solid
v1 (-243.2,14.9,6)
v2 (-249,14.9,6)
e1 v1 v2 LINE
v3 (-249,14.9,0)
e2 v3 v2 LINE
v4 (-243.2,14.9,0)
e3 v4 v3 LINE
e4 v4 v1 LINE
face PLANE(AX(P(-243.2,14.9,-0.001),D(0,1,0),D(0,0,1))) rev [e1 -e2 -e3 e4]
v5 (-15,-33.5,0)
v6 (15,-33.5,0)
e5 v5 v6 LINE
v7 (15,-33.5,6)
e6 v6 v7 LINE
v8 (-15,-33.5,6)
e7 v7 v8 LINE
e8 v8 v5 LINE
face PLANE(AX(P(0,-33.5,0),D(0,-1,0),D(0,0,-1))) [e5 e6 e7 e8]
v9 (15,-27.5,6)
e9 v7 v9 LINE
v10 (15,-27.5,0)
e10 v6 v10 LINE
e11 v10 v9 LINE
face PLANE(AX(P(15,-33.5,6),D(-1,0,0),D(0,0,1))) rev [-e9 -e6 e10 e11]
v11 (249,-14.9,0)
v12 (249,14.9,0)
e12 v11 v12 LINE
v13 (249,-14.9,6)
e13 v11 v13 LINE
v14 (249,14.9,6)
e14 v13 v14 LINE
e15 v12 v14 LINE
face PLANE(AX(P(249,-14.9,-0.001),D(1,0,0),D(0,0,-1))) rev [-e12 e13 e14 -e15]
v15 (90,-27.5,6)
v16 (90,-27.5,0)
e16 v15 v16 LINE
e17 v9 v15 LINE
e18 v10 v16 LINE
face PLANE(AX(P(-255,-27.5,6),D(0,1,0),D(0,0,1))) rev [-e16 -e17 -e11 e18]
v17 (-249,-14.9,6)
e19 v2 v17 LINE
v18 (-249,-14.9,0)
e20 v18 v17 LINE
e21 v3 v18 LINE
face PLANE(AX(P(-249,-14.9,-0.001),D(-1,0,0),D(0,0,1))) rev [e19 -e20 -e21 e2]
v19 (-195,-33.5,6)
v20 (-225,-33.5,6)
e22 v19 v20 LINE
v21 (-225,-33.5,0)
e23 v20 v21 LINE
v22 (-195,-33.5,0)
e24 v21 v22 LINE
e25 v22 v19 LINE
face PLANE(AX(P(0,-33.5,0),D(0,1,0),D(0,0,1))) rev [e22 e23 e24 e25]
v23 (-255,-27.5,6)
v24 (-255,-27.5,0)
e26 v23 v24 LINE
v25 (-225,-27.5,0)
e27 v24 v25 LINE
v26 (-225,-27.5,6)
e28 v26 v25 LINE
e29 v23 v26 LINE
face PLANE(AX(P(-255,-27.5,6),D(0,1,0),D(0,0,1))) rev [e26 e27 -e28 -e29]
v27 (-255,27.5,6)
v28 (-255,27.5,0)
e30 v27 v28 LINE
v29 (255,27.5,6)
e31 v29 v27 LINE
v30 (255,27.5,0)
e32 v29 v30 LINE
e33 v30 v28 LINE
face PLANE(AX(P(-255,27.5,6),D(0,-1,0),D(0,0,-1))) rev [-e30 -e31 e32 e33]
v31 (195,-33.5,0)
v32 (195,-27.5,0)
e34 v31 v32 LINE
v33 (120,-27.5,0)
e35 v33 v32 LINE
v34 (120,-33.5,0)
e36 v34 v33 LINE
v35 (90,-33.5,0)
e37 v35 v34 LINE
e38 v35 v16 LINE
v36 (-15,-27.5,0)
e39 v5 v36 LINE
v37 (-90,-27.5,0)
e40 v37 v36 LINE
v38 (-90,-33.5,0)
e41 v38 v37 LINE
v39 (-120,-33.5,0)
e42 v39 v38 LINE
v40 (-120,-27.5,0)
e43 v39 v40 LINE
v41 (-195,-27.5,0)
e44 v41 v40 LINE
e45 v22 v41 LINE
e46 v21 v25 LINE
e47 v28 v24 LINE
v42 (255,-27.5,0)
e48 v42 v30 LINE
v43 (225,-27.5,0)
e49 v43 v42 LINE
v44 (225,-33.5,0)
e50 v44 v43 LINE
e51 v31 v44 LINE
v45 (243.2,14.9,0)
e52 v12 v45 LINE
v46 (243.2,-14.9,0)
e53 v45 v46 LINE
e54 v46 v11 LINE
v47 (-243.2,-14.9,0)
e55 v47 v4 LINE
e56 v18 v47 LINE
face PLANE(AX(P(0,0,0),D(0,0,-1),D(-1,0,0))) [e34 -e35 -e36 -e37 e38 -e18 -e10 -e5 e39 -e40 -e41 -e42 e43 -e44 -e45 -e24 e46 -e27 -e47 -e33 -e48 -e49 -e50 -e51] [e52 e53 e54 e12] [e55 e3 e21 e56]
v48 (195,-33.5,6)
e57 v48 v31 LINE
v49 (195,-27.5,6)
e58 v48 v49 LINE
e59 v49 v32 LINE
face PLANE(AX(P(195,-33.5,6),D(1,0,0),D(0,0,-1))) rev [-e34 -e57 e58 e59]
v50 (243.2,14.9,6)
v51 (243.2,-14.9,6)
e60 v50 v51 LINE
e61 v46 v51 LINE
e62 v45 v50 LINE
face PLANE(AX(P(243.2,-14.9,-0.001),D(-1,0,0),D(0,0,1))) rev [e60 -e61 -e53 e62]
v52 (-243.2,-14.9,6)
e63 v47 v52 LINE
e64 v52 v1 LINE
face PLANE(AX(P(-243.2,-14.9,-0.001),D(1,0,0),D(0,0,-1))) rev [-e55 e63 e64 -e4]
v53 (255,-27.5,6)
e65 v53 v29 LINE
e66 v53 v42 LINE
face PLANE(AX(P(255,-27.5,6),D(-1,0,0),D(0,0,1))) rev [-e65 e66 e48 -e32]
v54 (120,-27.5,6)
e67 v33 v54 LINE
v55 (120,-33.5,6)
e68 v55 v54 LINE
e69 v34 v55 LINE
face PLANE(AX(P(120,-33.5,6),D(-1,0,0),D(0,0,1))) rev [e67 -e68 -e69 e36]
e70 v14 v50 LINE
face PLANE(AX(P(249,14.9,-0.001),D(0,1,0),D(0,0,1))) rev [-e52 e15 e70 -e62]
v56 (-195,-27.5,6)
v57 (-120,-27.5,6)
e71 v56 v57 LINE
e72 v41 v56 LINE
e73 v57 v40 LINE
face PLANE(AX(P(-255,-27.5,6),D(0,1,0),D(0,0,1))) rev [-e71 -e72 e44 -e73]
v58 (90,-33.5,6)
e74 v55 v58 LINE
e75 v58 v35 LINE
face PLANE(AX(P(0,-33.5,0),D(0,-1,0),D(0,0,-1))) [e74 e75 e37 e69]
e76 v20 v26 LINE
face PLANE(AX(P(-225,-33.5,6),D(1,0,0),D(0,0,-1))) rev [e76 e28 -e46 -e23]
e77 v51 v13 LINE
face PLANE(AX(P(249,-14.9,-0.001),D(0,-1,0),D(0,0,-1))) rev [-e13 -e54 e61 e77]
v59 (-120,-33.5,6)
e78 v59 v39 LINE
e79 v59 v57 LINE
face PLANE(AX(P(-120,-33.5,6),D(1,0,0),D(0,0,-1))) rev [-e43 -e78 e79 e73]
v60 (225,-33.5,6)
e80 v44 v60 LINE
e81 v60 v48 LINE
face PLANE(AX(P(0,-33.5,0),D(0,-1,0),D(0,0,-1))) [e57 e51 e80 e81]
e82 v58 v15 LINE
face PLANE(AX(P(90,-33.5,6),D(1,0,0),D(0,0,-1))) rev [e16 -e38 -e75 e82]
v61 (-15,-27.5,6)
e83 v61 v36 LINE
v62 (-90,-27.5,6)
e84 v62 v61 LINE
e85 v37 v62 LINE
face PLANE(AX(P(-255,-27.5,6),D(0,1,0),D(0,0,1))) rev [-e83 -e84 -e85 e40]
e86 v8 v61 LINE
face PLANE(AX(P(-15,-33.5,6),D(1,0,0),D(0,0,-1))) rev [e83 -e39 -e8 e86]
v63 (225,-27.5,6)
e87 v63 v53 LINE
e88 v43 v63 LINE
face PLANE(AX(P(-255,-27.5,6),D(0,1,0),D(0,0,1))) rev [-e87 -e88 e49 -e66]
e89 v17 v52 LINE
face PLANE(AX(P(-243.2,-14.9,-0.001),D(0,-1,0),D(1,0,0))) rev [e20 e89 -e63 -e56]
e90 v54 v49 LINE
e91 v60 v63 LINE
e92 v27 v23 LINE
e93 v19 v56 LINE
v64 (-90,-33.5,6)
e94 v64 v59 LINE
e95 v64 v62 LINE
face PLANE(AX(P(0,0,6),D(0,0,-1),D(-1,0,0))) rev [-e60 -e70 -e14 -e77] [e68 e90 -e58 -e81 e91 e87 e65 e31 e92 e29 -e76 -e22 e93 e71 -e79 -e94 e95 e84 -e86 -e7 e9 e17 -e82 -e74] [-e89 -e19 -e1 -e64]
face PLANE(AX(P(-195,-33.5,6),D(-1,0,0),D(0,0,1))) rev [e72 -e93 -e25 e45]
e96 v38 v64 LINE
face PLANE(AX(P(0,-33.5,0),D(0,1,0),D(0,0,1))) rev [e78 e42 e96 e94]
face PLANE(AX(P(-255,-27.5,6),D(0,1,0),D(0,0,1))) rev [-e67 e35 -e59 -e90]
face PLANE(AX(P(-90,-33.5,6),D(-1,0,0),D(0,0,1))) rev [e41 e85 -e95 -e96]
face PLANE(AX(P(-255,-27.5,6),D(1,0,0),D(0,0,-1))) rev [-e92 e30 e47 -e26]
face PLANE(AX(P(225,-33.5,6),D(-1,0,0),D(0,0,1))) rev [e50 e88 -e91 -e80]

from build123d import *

# Parameters (mm, degrees)
CROQUIS1_W              = 510
CROQUIS1_H              = 55
SALIENTE_EXTRUIR1_DEPTH = 6
CORTAR_EXTRUIR1_REACH   = 8
CROQUIS2_W              = 5.8
CROQUIS2_H              = 29.8
CROQUIS3_W              = 30
CROQUIS3_H              = 6
SALIENTE_EXTRUIR2_DEPTH = 6


with BuildPart() as part:
    # Croquis1 → Saliente-Extruir1 (new body)
    with BuildSketch(Plane.XY):
        Rectangle(CROQUIS1_W, CROQUIS1_H)
    extrude(amount=SALIENTE_EXTRUIR1_DEPTH)

    # Croquis2 → Cortar-Extruir1 (cut, up to next)
    with BuildSketch(Plane.XY.offset(6), mode=Mode.PRIVATE) as cortar_extruir1_sk1:
        with Locations((-246.1, 0)):
            Rectangle(CROQUIS2_W, CROQUIS2_H)
    cortar_extruir1_tool1 = extrude(cortar_extruir1_sk1.sketch, amount=-CORTAR_EXTRUIR1_REACH, mode=Mode.PRIVATE) & part.part
    add(cortar_extruir1_tool1.solids().sort_by_distance((-246.1, 0, 6))[0], mode=Mode.SUBTRACT)
    # Croquis2 → Cortar-Extruir1 (cut, up to next)
    with BuildSketch(Plane.XY.offset(6), mode=Mode.PRIVATE) as cortar_extruir1_sk2:
        with Locations((246.1, 0)):
            Rectangle(CROQUIS2_W, CROQUIS2_H)
    cortar_extruir1_tool2 = extrude(cortar_extruir1_sk2.sketch, amount=-CORTAR_EXTRUIR1_REACH, mode=Mode.PRIVATE) & part.part
    add(cortar_extruir1_tool2.solids().sort_by_distance((246.1, 0, 6))[0], mode=Mode.SUBTRACT)

    # Croquis3 → Saliente-Extruir2 (add)
    with BuildSketch(Plane.XZ.offset(27.5)):
        with Locations((0, 3)):
            Rectangle(CROQUIS3_W, CROQUIS3_H)
        with Locations((105, 3)):
            Rectangle(CROQUIS3_W, CROQUIS3_H)
        with Locations((210, 3)):
            Rectangle(CROQUIS3_W, CROQUIS3_H)
        with Locations((-105, 3)):
            Rectangle(CROQUIS3_W, CROQUIS3_H)
        with Locations((-210, 3)):
            Rectangle(CROQUIS3_W, CROQUIS3_H)
    extrude(amount=SALIENTE_EXTRUIR2_DEPTH)


solid = part.part
